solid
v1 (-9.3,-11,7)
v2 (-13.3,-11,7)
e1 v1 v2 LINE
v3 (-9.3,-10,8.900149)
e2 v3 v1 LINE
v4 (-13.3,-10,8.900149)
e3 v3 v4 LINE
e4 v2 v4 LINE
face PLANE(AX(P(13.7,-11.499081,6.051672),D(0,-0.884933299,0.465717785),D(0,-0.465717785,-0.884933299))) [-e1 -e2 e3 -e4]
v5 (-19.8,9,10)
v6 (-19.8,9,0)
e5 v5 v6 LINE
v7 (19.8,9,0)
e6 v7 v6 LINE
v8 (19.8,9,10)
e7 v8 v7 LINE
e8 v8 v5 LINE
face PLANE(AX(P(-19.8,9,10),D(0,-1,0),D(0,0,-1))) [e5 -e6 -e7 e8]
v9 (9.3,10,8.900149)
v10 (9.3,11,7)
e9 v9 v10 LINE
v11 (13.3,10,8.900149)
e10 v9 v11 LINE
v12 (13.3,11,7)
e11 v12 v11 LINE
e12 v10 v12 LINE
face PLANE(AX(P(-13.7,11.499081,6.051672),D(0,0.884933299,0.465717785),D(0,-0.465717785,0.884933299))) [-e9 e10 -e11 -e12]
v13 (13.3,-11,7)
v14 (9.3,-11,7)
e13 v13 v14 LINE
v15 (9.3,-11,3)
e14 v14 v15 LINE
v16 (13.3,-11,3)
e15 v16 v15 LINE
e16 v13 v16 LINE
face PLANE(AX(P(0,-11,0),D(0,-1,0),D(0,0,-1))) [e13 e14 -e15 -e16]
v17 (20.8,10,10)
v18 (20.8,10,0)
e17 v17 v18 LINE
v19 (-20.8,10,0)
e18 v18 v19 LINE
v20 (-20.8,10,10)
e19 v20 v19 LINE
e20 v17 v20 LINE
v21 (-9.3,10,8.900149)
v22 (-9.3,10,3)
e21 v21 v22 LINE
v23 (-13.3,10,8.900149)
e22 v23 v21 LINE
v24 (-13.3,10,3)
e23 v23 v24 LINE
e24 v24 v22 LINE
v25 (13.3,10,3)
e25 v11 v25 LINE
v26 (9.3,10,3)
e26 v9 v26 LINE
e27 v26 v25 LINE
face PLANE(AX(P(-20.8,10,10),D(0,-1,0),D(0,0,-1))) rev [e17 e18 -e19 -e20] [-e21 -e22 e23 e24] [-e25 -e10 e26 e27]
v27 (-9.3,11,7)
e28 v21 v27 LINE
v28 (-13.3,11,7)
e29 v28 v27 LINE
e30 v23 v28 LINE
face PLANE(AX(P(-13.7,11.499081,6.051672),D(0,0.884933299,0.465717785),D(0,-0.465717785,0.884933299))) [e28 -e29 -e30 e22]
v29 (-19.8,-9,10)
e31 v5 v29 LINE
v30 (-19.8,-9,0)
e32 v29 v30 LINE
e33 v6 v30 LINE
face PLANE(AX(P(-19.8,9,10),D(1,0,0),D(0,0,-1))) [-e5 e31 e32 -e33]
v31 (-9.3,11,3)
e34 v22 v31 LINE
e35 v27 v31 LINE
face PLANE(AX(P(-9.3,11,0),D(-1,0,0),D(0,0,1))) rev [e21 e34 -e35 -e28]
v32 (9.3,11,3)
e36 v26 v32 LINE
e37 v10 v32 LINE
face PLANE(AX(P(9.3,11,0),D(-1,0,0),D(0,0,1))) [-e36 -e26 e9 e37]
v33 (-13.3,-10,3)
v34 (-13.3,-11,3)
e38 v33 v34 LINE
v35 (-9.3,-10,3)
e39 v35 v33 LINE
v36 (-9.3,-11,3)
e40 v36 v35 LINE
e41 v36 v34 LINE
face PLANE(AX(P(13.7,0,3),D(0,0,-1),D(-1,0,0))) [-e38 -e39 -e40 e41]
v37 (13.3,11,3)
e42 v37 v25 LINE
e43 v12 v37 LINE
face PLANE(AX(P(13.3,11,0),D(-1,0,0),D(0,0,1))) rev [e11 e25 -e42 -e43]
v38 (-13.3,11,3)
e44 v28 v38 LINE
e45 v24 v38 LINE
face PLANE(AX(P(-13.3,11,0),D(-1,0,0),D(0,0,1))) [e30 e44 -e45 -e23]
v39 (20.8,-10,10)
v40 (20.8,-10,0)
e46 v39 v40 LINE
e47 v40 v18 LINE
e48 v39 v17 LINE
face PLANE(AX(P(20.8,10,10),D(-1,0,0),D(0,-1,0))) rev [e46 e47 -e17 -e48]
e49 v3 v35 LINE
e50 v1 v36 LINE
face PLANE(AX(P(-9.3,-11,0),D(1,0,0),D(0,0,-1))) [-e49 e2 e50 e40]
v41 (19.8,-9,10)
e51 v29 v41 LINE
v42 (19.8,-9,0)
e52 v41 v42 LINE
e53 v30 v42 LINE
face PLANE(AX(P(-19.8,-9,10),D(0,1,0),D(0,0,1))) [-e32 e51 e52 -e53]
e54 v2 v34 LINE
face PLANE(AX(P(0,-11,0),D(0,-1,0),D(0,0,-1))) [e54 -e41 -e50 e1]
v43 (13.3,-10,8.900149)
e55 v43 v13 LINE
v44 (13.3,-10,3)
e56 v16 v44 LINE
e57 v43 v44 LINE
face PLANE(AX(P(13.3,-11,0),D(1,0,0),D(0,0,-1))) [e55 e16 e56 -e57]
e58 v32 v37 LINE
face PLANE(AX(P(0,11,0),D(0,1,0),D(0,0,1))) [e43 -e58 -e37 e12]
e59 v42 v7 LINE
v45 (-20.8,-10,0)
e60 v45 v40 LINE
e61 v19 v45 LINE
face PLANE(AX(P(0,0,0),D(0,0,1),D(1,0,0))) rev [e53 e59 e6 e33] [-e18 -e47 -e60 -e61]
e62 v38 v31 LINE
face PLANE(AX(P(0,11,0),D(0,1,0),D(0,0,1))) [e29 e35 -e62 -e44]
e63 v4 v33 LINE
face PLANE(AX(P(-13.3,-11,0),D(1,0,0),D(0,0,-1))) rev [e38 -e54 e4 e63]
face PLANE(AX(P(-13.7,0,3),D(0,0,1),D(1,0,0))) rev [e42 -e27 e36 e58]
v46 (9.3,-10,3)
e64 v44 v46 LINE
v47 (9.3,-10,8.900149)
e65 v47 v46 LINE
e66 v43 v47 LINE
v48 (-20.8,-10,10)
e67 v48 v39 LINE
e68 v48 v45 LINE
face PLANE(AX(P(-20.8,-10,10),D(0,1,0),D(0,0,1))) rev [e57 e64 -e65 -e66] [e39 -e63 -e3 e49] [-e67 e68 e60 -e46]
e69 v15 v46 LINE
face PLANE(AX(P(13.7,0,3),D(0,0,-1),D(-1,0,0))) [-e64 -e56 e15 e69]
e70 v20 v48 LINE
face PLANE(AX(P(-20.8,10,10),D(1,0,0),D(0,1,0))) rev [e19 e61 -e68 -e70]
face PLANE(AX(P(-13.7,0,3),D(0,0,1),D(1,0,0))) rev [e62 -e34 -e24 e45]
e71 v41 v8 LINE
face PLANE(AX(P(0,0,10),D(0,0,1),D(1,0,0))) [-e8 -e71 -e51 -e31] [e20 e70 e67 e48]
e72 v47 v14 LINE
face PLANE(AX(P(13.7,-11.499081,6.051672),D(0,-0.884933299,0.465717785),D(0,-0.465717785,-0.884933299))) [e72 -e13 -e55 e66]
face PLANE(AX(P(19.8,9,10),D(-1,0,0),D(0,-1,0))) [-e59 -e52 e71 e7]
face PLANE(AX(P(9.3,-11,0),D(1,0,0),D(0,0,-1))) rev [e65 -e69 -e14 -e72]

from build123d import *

# Parameters (mm, degrees)
SKETCH1_W           = 41.6
SKETCH1_H           = 20
SKETCH1_W_2         = 39.6
SKETCH1_H_2         = 18
BOSS_EXTRUDE2_DEPTH = 10
SKETCH2_W           = 4
SKETCH2_H           = 10
BOSS_EXTRUDE3_DEPTH = 1
SKETCH3_W           = 3
SKETCH3_H           = 1
CUT_EXTRUDE1_DEPTH  = 27
SKETCH4_W           = 4
SKETCH4_H           = 10
BOSS_EXTRUDE4_DEPTH = 1
SKETCH5_W           = 3
SKETCH5_H           = 1
CUT_EXTRUDE2_DEPTH  = 27


with BuildPart() as part:
    # Sketch1 → Boss-Extrude2 (new body)
    with BuildSketch(Plane.XY):
        Rectangle(SKETCH1_W, SKETCH1_H)
        Rectangle(SKETCH1_W_2, SKETCH1_H_2, mode=Mode.SUBTRACT)
    extrude(amount=BOSS_EXTRUDE2_DEPTH)

    # Sketch2 → Boss-Extrude3 (add)
    with BuildSketch(Plane.XZ.offset(10)):
        with Locations((-11.3, 5)):
            Rectangle(SKETCH2_W, SKETCH2_H)
        with Locations((11.3, 5)):
            Rectangle(SKETCH2_W, SKETCH2_H)
    extrude(amount=BOSS_EXTRUDE3_DEPTH)

    # Sketch3 → Cut-Extrude1 (cut)
    with BuildSketch(Plane.ZY.offset(13.3)):
        Polygon((8.900149248, -10), (7, -11), (10, -11), (10, -10), align=None)
        with Locations((1.5, -10.5)):
            Rectangle(SKETCH3_W, SKETCH3_H)
    extrude(amount=-CUT_EXTRUDE1_DEPTH, mode=Mode.SUBTRACT)

    # Sketch4 → Boss-Extrude4 (add)
    with BuildSketch(Plane(origin=(0, 10, 0), x_dir=(1, 0, 0), z_dir=(0, 1, 0))):
        with Locations((11.3, -5)):
            Rectangle(SKETCH4_W, SKETCH4_H)
        with Locations((-11.3, -5)):
            Rectangle(SKETCH4_W, SKETCH4_H)
    extrude(amount=BOSS_EXTRUDE4_DEPTH)

    # Sketch5 → Cut-Extrude2 (cut)
    with BuildSketch(Plane(origin=(13.3, 0, 0), x_dir=(0, 0, -1), z_dir=(1, 0, 0))):
        Polygon((-7, 11), (-10, 11), (-10, 10), (-8.900149248, 10), align=None)
        with Locations((-1.5, 10.5)):
            Rectangle(SKETCH5_W, SKETCH5_H)
    extrude(amount=-CUT_EXTRUDE2_DEPTH, mode=Mode.SUBTRACT)


solid = part.part
